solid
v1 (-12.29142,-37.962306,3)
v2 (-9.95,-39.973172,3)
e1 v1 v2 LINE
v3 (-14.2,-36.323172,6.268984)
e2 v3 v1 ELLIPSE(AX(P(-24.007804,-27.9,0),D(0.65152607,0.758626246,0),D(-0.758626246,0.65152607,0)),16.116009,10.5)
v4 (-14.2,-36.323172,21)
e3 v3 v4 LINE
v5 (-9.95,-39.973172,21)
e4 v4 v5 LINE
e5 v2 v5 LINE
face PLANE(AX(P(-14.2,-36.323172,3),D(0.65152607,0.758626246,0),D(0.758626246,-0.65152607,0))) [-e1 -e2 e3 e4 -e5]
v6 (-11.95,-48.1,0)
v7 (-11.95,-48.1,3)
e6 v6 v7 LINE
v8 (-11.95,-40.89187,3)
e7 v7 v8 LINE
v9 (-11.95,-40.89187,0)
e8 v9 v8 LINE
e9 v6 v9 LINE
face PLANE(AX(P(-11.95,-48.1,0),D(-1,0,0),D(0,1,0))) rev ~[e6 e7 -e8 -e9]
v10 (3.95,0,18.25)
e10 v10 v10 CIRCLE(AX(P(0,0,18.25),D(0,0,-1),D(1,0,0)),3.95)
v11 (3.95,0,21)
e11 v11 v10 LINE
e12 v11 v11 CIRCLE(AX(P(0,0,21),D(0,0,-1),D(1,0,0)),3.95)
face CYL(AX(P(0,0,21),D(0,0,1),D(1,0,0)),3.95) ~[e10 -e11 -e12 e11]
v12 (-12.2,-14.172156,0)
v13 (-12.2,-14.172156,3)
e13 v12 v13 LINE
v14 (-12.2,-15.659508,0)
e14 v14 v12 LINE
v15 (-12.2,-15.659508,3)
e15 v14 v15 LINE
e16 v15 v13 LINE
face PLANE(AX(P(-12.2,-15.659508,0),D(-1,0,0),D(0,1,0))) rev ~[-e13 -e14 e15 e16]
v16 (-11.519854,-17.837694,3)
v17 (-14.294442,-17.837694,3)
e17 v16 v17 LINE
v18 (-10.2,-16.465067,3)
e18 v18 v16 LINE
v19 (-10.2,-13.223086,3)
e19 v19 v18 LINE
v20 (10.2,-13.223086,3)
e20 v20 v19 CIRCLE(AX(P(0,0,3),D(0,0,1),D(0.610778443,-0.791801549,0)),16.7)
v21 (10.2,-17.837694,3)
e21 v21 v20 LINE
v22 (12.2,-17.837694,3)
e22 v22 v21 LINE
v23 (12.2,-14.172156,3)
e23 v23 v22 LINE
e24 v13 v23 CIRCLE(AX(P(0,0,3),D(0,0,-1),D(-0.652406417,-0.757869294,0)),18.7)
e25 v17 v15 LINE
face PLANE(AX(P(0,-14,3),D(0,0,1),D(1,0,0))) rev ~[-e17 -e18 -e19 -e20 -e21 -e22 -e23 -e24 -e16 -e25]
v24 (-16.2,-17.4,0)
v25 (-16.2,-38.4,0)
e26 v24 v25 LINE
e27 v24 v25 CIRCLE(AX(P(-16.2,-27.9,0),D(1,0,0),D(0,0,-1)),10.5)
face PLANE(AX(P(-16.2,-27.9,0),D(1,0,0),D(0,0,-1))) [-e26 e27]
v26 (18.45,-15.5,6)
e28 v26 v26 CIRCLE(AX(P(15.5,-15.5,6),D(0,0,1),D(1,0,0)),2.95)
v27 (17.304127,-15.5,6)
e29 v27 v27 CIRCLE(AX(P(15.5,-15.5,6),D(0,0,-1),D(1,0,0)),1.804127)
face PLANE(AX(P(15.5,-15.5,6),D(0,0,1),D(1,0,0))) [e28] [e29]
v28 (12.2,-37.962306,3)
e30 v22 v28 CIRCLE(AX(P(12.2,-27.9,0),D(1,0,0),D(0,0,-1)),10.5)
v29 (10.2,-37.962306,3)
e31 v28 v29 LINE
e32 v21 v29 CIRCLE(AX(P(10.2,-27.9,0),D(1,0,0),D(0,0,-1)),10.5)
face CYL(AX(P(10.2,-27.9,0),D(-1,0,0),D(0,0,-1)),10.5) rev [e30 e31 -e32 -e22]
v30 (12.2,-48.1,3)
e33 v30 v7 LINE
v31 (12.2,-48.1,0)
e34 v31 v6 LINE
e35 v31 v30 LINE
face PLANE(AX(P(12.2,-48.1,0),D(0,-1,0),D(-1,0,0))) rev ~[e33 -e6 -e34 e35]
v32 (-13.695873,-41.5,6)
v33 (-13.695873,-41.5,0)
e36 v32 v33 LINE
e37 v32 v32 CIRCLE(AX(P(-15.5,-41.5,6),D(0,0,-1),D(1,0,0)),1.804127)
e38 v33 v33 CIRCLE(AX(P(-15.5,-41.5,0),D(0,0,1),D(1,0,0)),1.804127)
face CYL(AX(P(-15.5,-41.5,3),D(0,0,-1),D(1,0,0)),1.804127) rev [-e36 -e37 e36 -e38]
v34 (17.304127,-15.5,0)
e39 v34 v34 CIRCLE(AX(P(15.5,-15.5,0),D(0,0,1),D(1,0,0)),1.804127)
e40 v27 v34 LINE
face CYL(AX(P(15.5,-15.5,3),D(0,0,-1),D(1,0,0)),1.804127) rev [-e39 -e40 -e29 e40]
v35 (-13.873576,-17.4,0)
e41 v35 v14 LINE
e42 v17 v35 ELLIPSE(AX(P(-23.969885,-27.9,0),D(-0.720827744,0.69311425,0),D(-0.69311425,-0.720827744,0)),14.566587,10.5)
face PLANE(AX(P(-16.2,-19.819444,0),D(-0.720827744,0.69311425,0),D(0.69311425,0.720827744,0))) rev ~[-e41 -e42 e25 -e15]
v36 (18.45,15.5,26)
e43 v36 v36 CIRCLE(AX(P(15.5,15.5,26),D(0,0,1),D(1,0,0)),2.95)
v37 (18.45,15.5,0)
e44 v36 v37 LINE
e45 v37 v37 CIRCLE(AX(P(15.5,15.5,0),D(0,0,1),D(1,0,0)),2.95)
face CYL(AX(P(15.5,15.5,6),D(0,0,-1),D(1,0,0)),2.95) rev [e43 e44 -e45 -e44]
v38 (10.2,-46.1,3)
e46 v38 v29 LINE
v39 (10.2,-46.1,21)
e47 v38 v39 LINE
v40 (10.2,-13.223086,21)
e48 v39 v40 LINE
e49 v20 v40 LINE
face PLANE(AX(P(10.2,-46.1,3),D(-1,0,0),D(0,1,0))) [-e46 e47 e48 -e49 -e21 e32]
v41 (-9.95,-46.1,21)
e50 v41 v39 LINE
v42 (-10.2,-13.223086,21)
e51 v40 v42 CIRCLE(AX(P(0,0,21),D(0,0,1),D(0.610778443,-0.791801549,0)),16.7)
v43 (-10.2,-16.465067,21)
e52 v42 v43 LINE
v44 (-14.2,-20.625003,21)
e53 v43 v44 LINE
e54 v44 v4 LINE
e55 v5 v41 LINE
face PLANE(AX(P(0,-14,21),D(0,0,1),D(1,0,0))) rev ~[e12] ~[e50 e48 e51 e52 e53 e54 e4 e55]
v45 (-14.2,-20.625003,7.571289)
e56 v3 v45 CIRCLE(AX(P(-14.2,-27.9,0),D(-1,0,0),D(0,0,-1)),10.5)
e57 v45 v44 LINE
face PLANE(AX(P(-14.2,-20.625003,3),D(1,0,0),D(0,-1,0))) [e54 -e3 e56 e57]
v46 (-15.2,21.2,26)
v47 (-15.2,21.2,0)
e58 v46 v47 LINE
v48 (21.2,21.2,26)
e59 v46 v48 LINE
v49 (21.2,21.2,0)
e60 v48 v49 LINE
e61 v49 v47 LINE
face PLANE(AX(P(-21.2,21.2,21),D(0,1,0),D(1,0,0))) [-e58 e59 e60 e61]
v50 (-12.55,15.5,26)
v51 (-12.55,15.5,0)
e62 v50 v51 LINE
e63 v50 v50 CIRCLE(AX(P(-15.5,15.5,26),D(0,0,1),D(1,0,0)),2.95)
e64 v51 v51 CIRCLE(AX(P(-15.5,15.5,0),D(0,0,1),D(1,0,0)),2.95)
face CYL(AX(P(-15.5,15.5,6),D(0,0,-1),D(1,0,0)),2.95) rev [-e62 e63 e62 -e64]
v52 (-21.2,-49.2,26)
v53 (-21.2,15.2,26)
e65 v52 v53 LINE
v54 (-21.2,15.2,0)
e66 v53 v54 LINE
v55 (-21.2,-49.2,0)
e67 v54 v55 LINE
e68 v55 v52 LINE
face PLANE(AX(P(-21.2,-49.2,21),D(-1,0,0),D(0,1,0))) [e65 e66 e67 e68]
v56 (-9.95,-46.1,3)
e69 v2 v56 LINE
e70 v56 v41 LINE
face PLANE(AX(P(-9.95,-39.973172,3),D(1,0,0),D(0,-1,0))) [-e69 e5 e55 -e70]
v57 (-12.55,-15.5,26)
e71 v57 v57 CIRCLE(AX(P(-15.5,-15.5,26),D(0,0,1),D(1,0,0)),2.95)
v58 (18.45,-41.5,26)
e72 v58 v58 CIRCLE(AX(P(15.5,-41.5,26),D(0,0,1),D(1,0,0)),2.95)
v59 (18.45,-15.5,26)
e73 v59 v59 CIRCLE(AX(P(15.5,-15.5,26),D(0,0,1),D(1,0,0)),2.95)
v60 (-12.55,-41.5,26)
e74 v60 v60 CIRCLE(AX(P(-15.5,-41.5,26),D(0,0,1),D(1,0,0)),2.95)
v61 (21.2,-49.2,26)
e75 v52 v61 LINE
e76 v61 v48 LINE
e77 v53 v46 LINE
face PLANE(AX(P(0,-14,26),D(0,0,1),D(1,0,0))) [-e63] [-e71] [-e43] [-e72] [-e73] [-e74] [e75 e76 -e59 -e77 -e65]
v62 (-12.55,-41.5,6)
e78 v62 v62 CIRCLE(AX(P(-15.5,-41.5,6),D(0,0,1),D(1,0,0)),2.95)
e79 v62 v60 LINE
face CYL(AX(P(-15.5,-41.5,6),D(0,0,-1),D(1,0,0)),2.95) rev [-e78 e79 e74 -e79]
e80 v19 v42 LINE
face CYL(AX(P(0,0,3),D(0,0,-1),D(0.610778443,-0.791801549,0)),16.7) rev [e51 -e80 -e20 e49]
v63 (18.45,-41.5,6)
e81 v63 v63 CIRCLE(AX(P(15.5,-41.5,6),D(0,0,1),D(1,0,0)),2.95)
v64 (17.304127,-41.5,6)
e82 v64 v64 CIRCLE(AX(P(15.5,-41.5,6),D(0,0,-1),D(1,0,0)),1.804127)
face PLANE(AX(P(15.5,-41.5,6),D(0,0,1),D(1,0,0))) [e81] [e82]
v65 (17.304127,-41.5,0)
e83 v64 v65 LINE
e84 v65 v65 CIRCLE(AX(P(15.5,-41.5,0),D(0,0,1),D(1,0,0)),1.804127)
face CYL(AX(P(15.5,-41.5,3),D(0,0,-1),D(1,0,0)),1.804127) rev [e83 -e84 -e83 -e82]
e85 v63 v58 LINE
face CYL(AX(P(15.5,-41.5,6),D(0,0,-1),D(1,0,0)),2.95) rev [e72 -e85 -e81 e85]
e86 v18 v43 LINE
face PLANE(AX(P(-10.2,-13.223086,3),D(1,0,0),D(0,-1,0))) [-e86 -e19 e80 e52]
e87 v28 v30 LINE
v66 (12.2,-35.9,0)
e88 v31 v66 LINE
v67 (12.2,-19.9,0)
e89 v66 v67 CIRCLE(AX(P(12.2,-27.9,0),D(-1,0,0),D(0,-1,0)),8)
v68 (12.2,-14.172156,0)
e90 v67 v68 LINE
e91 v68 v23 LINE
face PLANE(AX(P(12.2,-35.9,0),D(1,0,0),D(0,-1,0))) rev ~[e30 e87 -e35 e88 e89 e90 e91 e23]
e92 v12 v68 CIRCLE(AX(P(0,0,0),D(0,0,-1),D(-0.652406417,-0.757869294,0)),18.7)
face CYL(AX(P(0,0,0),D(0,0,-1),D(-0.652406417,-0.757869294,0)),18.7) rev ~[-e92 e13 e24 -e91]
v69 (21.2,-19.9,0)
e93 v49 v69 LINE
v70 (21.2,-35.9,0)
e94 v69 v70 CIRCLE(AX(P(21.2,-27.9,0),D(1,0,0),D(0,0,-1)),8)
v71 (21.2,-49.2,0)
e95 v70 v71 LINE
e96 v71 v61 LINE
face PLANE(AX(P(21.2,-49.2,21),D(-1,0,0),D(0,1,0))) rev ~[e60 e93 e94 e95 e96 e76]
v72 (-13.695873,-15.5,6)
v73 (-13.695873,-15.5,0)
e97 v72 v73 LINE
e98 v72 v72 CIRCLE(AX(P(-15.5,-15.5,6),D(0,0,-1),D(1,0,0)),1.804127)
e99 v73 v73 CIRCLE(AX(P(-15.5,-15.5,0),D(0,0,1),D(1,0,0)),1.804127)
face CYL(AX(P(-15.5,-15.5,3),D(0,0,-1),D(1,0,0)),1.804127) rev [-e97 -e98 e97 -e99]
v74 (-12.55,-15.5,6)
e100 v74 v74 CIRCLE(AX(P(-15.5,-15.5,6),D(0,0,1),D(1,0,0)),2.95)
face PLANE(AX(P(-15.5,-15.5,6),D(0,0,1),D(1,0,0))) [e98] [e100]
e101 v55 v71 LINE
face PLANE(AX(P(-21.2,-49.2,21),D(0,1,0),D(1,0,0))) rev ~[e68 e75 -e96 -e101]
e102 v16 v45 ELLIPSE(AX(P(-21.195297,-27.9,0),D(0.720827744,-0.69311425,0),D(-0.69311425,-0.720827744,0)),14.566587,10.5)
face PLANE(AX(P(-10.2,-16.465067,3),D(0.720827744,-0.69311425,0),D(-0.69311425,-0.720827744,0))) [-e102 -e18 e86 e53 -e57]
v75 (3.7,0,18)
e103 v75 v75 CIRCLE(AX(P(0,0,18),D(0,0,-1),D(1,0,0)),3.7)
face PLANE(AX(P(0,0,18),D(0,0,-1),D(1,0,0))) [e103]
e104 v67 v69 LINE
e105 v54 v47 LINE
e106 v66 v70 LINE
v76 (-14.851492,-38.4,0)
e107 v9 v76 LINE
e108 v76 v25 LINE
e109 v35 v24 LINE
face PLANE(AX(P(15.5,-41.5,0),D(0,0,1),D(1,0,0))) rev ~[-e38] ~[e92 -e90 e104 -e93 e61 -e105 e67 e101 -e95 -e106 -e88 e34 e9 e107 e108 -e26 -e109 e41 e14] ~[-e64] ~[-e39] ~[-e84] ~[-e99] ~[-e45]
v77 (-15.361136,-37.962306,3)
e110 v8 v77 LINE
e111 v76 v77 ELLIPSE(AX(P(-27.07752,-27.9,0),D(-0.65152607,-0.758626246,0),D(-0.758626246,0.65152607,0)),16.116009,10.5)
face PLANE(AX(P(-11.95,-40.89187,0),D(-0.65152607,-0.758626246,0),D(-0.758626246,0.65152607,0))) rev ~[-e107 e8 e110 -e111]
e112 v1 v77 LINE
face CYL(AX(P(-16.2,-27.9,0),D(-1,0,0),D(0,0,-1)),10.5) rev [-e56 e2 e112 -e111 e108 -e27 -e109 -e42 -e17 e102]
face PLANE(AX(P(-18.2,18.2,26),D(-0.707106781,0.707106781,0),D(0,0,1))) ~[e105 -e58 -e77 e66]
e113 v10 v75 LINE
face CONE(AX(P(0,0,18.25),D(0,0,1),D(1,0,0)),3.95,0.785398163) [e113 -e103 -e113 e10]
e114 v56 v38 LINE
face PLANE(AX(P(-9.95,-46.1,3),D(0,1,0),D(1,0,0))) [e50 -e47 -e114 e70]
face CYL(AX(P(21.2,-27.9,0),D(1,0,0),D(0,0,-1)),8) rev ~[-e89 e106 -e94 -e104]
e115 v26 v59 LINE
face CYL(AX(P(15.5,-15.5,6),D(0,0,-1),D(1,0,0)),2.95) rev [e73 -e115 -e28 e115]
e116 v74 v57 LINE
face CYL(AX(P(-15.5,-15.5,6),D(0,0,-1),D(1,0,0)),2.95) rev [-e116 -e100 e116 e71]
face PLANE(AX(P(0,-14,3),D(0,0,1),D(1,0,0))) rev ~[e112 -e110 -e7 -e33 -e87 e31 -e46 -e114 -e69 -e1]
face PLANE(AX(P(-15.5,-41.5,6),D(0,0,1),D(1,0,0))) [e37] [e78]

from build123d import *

# Parameters (mm, degrees)
SKETCH2_R           = 2.15
SKETCH2_R_2         = 1.804126588
SKETCH2_R_3         = 2.95
SKETCH2_W           = 9
SKETCH2_H           = 16
BOSS_EXTRUDE1_DEPTH = 3
SKETCH7_W           = 42.4
SKETCH7_H           = 70.4
SKETCH7_R           = 1.804126588
SKETCH7_R_2         = 2.95
BOSS_EXTRUDE4_DEPTH = 18
SKETCH3_W           = 42.4
SKETCH3_H           = 70.4
BOSS_EXTRUDE2_DEPTH = 5
CUT_EXTRUDE1_START  = -20
SKETCH4_R           = 2.95
CUT_EXTRUDE1_DEPTH  = 20
CUT_EXTRUDE2_REACH  = 71.96
SKETCH5_R           = 8
CUT_EXTRUDE3_START  = -11
SKETCH8_R           = 10.5
CUT_EXTRUDE3_DEPTH  = 2
CUT_EXTRUDE4_START  = -37.4
SKETCH8_2_R         = 10.5
CUT_EXTRUDE4_DEPTH  = 4.680146
CHAMFER1_SIZE       = 6
SKETCH6_R           = 3.95
BOSS_EXTRUDE3_DEPTH = 3
CHAMFER2_SIZE       = 0.25


with BuildPart() as part:
    # Sketch2 → Boss-Extrude1 (new body)
    # profile 1 of 4: a face of its own
    with BuildSketch(Plane.XY):
        with BuildLine():
            Line((21.2, -35.9), (12.2, -35.9))
            Line((12.2, -35.9), (12.2, -38.4))
            Line((12.2, -38.4), (12.2, -48.1))
            Line((12.2, -48.1), (-11.95, -48.1))
            Line((-11.95, -48.1), (-11.95, -40.891869727))
            Line((-11.95, -40.891869727), (-16.2, -37.241869727))
            Line((-16.2, -37.241869727), (-16.2, -19.819444087))
            Line((-16.2, -19.819444087), (-12.2, -15.659508007))
            Line((-12.2, -15.659508007), (-12.2, -14.172155799))
            ThreePointArc((-12.2, -14.172155799), (0, 18.7), (12.2, -14.172155799))
            Line((12.2, -14.172155799), (12.2, -17.4))
            Line((12.2, -17.4), (12.2, -19.9))
            Line((12.2, -19.9), (21.2, -19.9))
            Line((21.2, -19.9), (21.2, 21.2))
            Line((21.2, 21.2), (-13.2, 21.2))
            Line((-13.2, 21.2), (-21.2, 21.2))
            Line((-21.2, 21.2), (-21.2, -49.2))
            Line((-21.2, -49.2), (-9, -49.2))
            Line((-9, -49.2), (11.2, -49.2))
            Line((11.2, -49.2), (21.2, -49.2))
            Line((21.2, -49.2), (21.2, -35.9))
        make_face()
        with Locations((-15.5, -41.5)):
            Circle(SKETCH2_R, mode=Mode.SUBTRACT)
        with Locations((15.5, -41.5)):
            Circle(SKETCH2_R, mode=Mode.SUBTRACT)
        with Locations((-15.5, -15.5)):
            Circle(SKETCH2_R_2, mode=Mode.SUBTRACT)
        with Locations((-15.5, 15.5)):
            Circle(SKETCH2_R_3, mode=Mode.SUBTRACT)
        with Locations((15.5, -15.5)):
            Circle(SKETCH2_R_2, mode=Mode.SUBTRACT)
        with Locations((15.5, 15.5)):
            Circle(SKETCH2_R_3, mode=Mode.SUBTRACT)
    # profile 2 of 4: a face of its own
    with BuildSketch(Plane.XY):
        with Locations((16.7, -27.9)):
            Rectangle(SKETCH2_W, SKETCH2_H)
    # profile 3 of 4: a face of its own
    with BuildSketch(Plane.XY):
        with Locations((-15.5, -41.5)):
            Circle(SKETCH2_R)
        with Locations((-15.5, -41.5)):
            Circle(SKETCH2_R_2, mode=Mode.SUBTRACT)
    # profile 4 of 4: a face of its own
    with BuildSketch(Plane.XY):
        with Locations((15.5, -41.5)):
            Circle(SKETCH2_R)
        with Locations((15.5, -41.5)):
            Circle(SKETCH2_R_2, mode=Mode.SUBTRACT)
    extrude(amount=BOSS_EXTRUDE1_DEPTH)

    # Sketch7 → Boss-Extrude4 (add)
    with BuildSketch(Plane.XY.offset(3)):
        with Locations((0, -14)):
            Rectangle(SKETCH7_W, SKETCH7_H)
        with Locations((15.5, -41.5)):
            Circle(SKETCH7_R, mode=Mode.SUBTRACT)
        with Locations((-15.5, -41.5)):
            Circle(SKETCH7_R, mode=Mode.SUBTRACT)
        with Locations((-15.5, -15.5)):
            Circle(SKETCH7_R, mode=Mode.SUBTRACT)
        with Locations((15.5, -15.5)):
            Circle(SKETCH7_R, mode=Mode.SUBTRACT)
        with Locations((15.5, 15.5)):
            Circle(SKETCH7_R_2, mode=Mode.SUBTRACT)
        with Locations((-15.5, 15.5)):
            Circle(SKETCH7_R_2, mode=Mode.SUBTRACT)
        with BuildLine():
            Line((10.2, -46.1), (10.2, -13.223085873))
            ThreePointArc((10.2, -13.223085873), (0, 16.7), (-10.2, -13.223085873))
            Line((-10.2, -13.223085873), (-10.2, -16.465067137))
            Line((-10.2, -16.465067137), (-14.2, -20.625003217))
            Line((-14.2, -20.625003217), (-14.2, -36.323172457))
            Line((-14.2, -36.323172457), (-9.95, -39.973172457))
            Line((-9.95, -39.973172457), (-9.95, -46.1))
            Line((-9.95, -46.1), (10.2, -46.1))
        make_face(mode=Mode.SUBTRACT)
    extrude(amount=BOSS_EXTRUDE4_DEPTH)

    # Sketch3 → Boss-Extrude2 (add)
    with BuildSketch(Plane.XY.offset(21)):
        with Locations((0, -14)):
            Rectangle(SKETCH3_W, SKETCH3_H)
    extrude(amount=BOSS_EXTRUDE2_DEPTH)

    # Sketch4 → Cut-Extrude1 (cut)
    with BuildSketch(Plane.XY.offset(26).offset(CUT_EXTRUDE1_START)):
        with Locations((-15.5, -15.5)):
            Circle(SKETCH4_R)
        with Locations((15.5, -15.5)):
            Circle(SKETCH4_R)
        with Locations((-15.5, -41.5)):
            Circle(SKETCH4_R)
        with Locations((15.5, -41.5)):
            Circle(SKETCH4_R)
        with Locations((-15.5, 15.5)):
            Circle(SKETCH4_R)
        with Locations((15.5, 15.5)):
            Circle(SKETCH4_R)
    extrude(amount=CUT_EXTRUDE1_DEPTH, mode=Mode.SUBTRACT)

    # Sketch5 → Cut-Extrude2 (cut, up to next)
    with BuildSketch(Plane(origin=(21.2, 0, 0), x_dir=(0, 0, -1), z_dir=(1, 0, 0)), mode=Mode.PRIVATE) as cut_extrude2_sk1:
        with Locations((0, -27.9)):
            Circle(SKETCH5_R)
    cut_extrude2_tool1 = extrude(cut_extrude2_sk1.sketch, amount=-CUT_EXTRUDE2_REACH, mode=Mode.PRIVATE) & part.part
    add(cut_extrude2_tool1.solids().sort_by_distance((21.2, -27.9, 0))[0], mode=Mode.SUBTRACT)

    # Sketch8 → Cut-Extrude3 (cut)
    with BuildSketch(Plane(origin=(21.2, 0, 0), x_dir=(0, 0, -1), z_dir=(1, 0, 0)).offset(CUT_EXTRUDE3_START)):
        with Locations((0, -27.9)):
            Circle(SKETCH8_R)
    extrude(amount=CUT_EXTRUDE3_DEPTH, mode=Mode.SUBTRACT)

    # Sketch8<2> → Cut-Extrude4 (cut)
    with BuildSketch(Plane(origin=(21.2, 0, 0), x_dir=(0, 0, -1), z_dir=(1, 0, 0)).offset(CUT_EXTRUDE4_START)):
        with Locations((0, -27.9)):
            Circle(SKETCH8_2_R)
    extrude(amount=CUT_EXTRUDE4_DEPTH, mode=Mode.SUBTRACT)

    # Chamfer1
    chamfer1_edges = [part.edges().sort_by_distance(p)[0] for p in [
        (-21.2, 21.2, 13),
    ]]
    chamfer(chamfer1_edges, length=CHAMFER1_SIZE)

    # Sketch6 → Boss-Extrude3 (add)
    with BuildSketch(Plane(origin=(0, 0, 21), x_dir=(-1, 0, 0), z_dir=(0, 0, -1))):
        with Locations(Location((0, 0, 0), (0, 0, 180))):
            Circle(SKETCH6_R)
    extrude(amount=BOSS_EXTRUDE3_DEPTH)

    # Chamfer2
    chamfer2_edges = [part.edges().sort_by_distance(p)[0] for p in [
        (-3.95, 0, 18),
    ]]
    chamfer(chamfer2_edges, length=CHAMFER2_SIZE)


solid = part.part
